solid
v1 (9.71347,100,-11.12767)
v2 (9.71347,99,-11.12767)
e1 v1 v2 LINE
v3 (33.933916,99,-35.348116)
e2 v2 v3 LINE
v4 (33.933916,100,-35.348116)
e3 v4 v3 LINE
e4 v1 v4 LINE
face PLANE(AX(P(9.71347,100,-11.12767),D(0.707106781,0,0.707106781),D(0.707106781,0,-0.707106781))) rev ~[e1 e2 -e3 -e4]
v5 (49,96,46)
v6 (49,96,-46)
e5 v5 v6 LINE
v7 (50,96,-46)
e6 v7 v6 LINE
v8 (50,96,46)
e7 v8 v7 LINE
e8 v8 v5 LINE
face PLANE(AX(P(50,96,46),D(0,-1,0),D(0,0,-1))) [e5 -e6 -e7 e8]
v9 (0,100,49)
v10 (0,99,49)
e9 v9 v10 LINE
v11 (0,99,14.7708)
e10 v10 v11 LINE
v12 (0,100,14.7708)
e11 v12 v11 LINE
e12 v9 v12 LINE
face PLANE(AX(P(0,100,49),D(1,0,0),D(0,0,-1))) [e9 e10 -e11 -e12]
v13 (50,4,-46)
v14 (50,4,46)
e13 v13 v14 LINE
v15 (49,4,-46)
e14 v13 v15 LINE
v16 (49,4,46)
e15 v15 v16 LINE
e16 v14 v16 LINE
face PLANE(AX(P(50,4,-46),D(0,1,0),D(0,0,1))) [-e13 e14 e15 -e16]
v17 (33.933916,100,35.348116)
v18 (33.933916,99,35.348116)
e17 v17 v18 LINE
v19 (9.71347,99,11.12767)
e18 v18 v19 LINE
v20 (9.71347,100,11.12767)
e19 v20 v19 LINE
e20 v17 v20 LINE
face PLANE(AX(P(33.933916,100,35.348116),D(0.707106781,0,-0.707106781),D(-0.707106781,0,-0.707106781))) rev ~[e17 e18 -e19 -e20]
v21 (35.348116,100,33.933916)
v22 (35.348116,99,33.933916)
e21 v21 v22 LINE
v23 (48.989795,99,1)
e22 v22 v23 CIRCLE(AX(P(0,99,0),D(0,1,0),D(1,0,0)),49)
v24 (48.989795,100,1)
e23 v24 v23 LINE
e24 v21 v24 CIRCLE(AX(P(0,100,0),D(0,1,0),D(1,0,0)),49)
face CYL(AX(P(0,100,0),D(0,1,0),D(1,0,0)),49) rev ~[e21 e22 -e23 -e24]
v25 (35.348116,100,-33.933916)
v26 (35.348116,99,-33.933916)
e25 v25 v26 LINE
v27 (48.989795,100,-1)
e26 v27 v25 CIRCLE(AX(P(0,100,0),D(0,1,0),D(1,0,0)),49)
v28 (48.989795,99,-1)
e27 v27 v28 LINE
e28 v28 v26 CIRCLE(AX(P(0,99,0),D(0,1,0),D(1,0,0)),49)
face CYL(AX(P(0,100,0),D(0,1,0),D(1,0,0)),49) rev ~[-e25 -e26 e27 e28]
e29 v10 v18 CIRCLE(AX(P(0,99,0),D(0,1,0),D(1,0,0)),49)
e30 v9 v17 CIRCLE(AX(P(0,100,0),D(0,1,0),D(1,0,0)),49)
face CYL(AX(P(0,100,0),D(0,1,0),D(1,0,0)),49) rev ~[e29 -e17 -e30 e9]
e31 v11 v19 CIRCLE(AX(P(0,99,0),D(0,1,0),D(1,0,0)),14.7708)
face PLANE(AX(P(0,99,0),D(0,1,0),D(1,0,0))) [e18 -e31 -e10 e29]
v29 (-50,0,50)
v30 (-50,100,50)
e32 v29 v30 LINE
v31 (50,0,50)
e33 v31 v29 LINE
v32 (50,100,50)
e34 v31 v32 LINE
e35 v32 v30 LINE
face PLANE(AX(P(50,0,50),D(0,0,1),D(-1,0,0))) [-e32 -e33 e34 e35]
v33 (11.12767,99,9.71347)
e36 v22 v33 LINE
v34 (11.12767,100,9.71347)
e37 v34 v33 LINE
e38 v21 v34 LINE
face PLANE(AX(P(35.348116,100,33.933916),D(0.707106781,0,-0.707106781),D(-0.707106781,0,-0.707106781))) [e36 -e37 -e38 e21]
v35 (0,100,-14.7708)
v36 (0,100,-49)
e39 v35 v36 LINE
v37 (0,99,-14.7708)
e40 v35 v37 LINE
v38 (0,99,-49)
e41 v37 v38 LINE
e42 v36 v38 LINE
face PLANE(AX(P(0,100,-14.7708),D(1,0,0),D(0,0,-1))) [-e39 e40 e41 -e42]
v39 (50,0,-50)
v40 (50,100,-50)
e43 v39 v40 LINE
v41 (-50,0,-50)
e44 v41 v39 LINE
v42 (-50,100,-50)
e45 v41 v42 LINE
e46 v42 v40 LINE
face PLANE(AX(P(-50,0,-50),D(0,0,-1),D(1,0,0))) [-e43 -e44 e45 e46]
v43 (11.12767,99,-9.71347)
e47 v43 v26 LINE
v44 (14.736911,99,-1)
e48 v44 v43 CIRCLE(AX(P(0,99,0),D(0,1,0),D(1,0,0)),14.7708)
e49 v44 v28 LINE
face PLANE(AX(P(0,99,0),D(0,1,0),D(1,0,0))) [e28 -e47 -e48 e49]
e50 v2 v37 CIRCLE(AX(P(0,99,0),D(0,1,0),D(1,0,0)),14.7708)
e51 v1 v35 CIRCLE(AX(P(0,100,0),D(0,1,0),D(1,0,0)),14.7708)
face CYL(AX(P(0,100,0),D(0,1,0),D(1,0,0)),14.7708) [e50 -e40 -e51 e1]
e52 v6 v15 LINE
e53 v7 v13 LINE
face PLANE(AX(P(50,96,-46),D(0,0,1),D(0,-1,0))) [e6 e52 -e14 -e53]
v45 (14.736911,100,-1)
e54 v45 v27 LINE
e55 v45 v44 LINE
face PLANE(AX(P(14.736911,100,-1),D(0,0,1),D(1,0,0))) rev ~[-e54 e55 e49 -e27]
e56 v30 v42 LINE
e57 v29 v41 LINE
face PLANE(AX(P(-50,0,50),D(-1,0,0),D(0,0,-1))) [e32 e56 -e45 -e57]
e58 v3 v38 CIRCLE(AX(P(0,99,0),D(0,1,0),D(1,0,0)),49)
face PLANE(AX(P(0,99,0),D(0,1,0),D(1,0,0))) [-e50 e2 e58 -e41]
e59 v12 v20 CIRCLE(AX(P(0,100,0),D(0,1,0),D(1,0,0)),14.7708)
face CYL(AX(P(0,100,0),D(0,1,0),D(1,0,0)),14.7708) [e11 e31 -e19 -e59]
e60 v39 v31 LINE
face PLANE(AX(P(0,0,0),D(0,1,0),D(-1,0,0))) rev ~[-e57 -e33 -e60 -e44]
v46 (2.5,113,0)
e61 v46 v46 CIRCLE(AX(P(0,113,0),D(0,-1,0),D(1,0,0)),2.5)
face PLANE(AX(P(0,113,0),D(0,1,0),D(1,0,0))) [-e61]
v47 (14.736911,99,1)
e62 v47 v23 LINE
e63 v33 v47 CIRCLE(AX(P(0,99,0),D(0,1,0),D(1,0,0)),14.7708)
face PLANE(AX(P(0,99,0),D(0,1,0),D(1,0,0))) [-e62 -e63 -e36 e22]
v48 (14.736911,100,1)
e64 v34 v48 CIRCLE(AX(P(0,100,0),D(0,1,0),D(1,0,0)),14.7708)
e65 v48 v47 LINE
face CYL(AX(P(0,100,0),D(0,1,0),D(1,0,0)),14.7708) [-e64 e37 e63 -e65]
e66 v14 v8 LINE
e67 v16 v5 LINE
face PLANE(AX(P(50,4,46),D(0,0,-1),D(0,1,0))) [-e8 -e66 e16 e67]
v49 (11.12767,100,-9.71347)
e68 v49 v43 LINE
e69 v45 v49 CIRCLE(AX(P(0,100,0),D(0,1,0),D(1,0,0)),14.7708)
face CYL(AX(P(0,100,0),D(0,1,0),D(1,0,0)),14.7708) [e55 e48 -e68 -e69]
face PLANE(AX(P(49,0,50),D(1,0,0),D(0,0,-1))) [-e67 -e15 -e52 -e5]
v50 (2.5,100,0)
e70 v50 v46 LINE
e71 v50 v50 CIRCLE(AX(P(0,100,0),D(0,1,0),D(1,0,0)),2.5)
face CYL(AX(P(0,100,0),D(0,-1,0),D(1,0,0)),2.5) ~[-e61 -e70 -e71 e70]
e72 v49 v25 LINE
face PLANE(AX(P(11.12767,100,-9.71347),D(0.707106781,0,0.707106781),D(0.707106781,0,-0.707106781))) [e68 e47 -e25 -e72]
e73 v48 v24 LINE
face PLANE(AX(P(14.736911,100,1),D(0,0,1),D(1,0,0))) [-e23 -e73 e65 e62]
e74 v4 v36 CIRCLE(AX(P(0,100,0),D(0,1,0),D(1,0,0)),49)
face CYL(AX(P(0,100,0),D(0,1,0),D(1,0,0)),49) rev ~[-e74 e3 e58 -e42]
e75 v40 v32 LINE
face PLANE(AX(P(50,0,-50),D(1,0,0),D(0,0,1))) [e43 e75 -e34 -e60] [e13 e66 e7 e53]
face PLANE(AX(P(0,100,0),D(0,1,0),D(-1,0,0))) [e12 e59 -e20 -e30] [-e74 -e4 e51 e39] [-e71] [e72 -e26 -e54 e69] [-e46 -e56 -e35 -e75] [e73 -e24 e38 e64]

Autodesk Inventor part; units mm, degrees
ref_plane "YZ Plane" through (0, 0, 0) normal (1, 0, 0) x (0, 1, 0)
ref_plane "XZ Plane" through (0, 0, 0) normal (0, 1, 0) x (-1, 0, 0)
ref_plane "XY Plane" through (0, 0, 0) normal (0, 0, 1) x (1, 0, 0)
sketch "Sketch1" plane through (0, 0, 0) normal (0, 1, 0) x (-1, 0, 0)
  line L0 (-50, 50) -> (50, 50)
  line L1 (50, 50) -> (50, -50)
  line L2 (50, -50) -> (-50, -50)
  line L3 (-50, -50) -> (-50, 50)
  line L4 (-50, 50) -> (50, -50) construction
  line L5 (50, 50) -> (-50, -50) construction
  point P0 (0, 0)
  dimension "d0" = 100
  dimension "d1" = 100
extrude "Extrusion1" add sketch "Sketch1" along normal blind 100
sketch "Sketch2" plane through (0, 100, 0) normal (0, 1, 0) x (1, 0, 0)
  line L0 (50, 50) -> (-50, 50) projected
  line L1 (-50, 50) -> (-50, -50) projected
  line L2 (-50, -50) -> (50, -50) projected
  line L3 (50, -50) -> (50, 50) projected
  line L4 (50, -50) -> (-50, 50)
  line L5 (-50, 50) -> (-50, -50) projected
  line L6 (-50, -50) -> (50, 50)
  circle A0 centre (0, 0) radius 2.5
  dimension "d4" = 5
extrude "Extrusion2" add sketch "Sketch2" along normal blind 13 contours A0 L4 L6 | L6 L4 A0 | L4 L6 A0 | A0 L6 L4
sketch "Sketch3" plane through (50, 0, 50) normal (1, 0, 0) x (0, 0, -1)
  line L0 (0, 0) -> (100, 0) projected
  line L1 (100, 0) -> (100, 100) projected
  line L2 (0, 100) -> (100, 100) projected
  line L3 (0, 0) -> (0, 100) projected
  line L4 (96, 96) -> (96, 4)
  line L5 (96, 4) -> (4, 4)
  line L6 (4, 4) -> (4, 96)
  line L7 (4, 96) -> (96, 96)
  point P0 (50, 0)
  dimension "d7" = 4
extrude "Extrusion3" cut sketch "Sketch3" against normal blind 1 contours L4 L5 L6 L7
sketch "Sketch4" plane through (0, 100, 0) normal (0, 1, 0) x (1, 0, 0)
  circle A0 centre (0, 0) radius 2.5 projected
  circle A1 centre (0, 0) radius 49
  circle A2 centre (0, 0) radius 14.7708
  line L0 (50, -50) -> (50, 50) projected
  line L1 (0, 0) -> (50, 50)
  line L2 (-50, -50) -> (50, -50) projected
  line L3 (0, 0) -> (50, -50)
  line L4 (0, -50) -> (0, 50)
  line L5 (50, 50) -> (-50, 50) projected
  line L6 (-1, -50) -> (-1, 50)
  line L7 (50.7071, -49.2929) -> (1.4142, 0)
  line L8 (1.4142, 0) -> (50.7071, 49.2929)
  line L9 (49.2929, -50.7071) -> (-1.4142, 0)
  line L10 (-1.4142, 0) -> (49.2929, 50.7071)
  line L11 (0, 0) -> (50, 0)
  line L12 (0, -1) -> (50, -1)
  line L13 (0, 1) -> (50, 1)
  point P0 (9.7134, 11.1276)
  point P1 (33.9339, 35.3481)
  point P2 (0, 49)
  point P3 (0, 14.7708)
  point P4 (14.7369, 1)
  point P5 (48.9898, 1)
  point P6 (35.3481, 33.9339)
  point P7 (11.1276, 9.7134)
  point P8 (33.9339, -35.3481)
  point P9 (9.7134, -11.1276)
  point P10 (0, -14.7708)
  point P11 (0, -49)
  point P12 (48.9898, -1)
  point P13 (14.7369, -1)
  point P14 (11.1276, -9.7134)
  point P15 (35.3481, -33.9339)
  dimension "d10" = 1
  dimension "d11" = 1
  dimension "d12" = 1
  dimension "d13" = 1
  dimension "d14" = 1
extrude "Extrusion4" cut sketch "Sketch4" against normal blind 1 contours A2 L8 A1 L13 | L12 A1 L7 A2 | A2 L4 A1 L10 | L9 A1 L4 A2
properties part number "stepper_box"
